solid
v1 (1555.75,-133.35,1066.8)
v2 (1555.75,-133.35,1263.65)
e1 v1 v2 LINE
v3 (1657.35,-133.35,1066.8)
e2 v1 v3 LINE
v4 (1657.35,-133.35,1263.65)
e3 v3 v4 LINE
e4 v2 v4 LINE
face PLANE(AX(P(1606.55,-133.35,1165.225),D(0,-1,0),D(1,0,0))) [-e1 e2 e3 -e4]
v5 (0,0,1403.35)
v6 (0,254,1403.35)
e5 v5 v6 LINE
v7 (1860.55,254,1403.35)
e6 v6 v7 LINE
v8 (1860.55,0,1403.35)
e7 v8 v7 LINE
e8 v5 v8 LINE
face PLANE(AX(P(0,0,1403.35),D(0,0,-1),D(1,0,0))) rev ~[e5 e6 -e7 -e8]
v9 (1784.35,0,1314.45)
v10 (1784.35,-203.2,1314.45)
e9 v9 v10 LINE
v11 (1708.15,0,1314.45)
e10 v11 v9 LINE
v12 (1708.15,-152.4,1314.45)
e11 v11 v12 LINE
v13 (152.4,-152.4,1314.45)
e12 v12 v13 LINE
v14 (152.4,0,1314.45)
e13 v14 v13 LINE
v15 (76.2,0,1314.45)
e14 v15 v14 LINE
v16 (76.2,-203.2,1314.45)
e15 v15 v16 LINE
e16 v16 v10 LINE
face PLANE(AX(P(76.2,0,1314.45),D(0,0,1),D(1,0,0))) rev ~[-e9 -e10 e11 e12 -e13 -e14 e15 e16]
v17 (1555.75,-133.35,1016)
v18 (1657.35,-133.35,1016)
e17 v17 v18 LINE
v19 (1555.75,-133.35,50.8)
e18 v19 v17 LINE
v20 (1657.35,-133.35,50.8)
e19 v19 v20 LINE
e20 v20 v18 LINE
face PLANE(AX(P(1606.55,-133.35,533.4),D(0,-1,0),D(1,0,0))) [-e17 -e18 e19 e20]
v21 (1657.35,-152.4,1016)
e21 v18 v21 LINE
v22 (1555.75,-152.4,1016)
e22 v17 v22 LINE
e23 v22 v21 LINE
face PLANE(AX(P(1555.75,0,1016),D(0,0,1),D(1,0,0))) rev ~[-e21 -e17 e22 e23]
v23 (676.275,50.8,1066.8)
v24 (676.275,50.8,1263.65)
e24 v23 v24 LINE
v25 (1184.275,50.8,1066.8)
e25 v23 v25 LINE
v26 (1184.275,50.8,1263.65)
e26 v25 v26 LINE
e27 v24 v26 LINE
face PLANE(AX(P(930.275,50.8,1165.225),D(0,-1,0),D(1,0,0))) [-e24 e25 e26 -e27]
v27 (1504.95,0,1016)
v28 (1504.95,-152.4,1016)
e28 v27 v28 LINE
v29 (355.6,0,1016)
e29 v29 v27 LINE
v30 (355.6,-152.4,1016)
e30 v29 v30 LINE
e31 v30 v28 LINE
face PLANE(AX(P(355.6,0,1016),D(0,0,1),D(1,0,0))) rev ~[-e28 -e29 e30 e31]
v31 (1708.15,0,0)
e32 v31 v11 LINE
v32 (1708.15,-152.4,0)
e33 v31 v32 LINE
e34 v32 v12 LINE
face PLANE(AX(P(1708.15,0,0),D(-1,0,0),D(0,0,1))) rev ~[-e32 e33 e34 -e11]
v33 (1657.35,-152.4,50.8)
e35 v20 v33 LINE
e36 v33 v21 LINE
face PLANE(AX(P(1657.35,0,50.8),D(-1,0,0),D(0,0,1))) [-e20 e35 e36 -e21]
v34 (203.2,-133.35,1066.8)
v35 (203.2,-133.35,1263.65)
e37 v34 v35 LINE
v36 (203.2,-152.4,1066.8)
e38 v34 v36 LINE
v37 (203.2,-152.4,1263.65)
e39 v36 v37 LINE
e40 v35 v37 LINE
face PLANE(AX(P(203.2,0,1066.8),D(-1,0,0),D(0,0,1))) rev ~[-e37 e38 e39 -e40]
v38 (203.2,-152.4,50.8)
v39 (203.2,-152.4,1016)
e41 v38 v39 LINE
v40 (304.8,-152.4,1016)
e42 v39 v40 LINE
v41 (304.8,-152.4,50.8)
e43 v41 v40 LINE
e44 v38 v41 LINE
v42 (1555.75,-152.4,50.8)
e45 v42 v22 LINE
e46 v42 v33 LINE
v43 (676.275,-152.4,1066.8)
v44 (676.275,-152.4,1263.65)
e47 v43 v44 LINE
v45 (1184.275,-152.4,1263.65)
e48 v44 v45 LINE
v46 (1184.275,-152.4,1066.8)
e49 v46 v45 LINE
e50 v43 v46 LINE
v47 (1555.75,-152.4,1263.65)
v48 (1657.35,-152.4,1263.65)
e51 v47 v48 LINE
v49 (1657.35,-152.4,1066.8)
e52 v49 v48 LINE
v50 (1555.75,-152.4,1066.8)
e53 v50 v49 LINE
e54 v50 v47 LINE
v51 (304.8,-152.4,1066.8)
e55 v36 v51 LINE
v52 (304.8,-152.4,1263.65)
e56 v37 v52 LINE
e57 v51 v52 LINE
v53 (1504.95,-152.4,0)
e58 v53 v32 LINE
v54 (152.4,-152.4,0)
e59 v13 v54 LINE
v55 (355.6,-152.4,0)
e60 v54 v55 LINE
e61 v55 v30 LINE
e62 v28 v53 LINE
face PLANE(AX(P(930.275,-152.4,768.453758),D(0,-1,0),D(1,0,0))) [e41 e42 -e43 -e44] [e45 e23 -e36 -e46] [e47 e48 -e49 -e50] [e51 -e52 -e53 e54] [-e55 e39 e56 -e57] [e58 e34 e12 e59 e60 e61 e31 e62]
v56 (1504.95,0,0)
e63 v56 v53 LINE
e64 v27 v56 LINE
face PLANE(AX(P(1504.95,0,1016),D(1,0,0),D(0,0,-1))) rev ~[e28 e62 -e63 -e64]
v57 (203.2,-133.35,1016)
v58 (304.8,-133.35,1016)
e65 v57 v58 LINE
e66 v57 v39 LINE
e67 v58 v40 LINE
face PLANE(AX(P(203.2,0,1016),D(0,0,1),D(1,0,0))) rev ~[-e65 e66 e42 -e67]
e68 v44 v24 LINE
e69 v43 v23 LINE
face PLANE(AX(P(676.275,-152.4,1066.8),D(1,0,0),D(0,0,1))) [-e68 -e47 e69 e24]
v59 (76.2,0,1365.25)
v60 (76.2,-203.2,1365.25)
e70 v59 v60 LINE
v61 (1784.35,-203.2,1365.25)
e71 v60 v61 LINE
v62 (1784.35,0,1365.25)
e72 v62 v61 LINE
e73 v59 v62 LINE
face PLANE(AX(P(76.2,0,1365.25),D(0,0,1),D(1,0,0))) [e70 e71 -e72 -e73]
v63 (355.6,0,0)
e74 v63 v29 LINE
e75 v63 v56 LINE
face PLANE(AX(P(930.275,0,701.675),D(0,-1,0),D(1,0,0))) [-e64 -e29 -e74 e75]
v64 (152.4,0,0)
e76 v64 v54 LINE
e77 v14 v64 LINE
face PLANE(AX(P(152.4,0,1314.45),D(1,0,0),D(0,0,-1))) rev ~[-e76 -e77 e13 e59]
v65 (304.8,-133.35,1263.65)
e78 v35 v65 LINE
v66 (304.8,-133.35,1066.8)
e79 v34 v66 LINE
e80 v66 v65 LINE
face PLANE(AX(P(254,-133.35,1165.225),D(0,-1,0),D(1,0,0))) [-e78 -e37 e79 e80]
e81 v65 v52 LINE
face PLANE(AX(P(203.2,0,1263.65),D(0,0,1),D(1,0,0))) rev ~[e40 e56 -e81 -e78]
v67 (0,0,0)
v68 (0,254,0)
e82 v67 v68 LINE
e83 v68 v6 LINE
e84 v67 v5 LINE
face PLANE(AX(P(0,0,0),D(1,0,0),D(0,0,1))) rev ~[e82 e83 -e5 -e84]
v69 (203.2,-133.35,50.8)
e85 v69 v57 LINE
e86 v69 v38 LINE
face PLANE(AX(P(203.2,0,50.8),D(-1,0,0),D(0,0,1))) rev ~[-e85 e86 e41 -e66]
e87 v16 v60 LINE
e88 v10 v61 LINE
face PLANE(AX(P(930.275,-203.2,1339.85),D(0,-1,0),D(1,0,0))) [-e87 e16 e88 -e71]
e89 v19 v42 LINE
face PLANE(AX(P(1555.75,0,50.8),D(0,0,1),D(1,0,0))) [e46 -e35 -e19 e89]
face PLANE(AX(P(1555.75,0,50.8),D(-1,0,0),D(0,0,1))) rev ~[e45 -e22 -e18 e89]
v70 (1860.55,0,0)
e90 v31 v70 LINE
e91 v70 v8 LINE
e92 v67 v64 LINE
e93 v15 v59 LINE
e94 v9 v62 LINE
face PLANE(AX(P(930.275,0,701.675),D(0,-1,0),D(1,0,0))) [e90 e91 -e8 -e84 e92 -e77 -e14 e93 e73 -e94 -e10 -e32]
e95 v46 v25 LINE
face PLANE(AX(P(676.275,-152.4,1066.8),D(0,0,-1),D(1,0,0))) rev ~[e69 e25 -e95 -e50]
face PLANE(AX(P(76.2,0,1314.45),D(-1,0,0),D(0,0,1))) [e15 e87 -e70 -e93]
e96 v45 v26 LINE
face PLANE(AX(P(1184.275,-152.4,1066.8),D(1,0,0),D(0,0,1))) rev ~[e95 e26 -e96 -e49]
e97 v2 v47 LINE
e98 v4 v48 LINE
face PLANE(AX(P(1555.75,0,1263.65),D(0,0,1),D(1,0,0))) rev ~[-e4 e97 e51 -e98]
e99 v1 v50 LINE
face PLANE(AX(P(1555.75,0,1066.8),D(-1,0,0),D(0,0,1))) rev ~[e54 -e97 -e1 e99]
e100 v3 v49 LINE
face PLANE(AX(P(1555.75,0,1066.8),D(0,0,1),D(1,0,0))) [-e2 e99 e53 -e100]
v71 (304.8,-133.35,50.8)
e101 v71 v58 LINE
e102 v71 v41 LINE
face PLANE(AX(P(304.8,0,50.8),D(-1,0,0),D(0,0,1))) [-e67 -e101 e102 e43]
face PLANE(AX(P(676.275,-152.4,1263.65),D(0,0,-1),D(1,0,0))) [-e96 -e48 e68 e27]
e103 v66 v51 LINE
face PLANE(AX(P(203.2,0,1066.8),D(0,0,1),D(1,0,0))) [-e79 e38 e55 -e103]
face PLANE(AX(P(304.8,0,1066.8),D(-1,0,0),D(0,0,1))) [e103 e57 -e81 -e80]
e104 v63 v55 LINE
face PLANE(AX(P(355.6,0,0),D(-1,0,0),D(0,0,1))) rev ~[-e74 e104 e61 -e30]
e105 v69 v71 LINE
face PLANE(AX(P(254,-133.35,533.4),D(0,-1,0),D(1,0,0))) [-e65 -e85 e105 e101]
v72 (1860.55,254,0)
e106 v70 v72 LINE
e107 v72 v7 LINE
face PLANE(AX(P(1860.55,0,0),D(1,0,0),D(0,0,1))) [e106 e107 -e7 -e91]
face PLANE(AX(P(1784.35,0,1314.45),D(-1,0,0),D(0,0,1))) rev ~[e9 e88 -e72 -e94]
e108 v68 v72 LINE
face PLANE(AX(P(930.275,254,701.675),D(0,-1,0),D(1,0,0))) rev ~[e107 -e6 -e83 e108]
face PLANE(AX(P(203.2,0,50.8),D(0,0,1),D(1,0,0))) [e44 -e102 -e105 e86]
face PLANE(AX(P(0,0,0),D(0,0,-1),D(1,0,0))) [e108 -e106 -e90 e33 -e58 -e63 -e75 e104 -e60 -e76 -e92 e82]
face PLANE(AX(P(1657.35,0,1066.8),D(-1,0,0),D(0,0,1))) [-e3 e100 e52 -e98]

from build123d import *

# Parameters (mm, degrees)
F0_W      = 1860.55
F0_H      = 1403.35
F2_DEPTH  = 254
F3_W      = 1708.15
F3_H      = 50.8
F4_DEPTH  = 203.2
F5_W      = 101.6
F5_H      = 965.2
F5_H_2    = 196.85
F6_DEPTH  = 152.4
F7_W      = 508
F7_H      = 196.85
F8_DEPTH  = 203.2
F9_W      = 101.6
F9_H      = 965.2
F9_H_2    = 196.85
F10_DEPTH = 133.35


with BuildPart() as f2:
    # F0 (on Front) → F2 (new body)
    with BuildSketch(Plane.XZ):
        with Locations((930.275, 701.675)):
            Rectangle(F0_W, F0_H)
    extrude(amount=-F2_DEPTH)

    # F3 (on face) → F4 (join)
    with BuildSketch(Plane.XZ):
        with Locations((930.275, 1339.85)):
            Rectangle(F3_W, F3_H)
    extrude(amount=F4_DEPTH)

    # F5 (on face) → F6 (join)
    with BuildSketch(Plane.XZ):
        Polygon((152.4, 1314.45), (152.4, 0), (355.6, 0), (355.6, 1016), (1504.95, 1016), (1504.95, 0), (1708.15, 0), (1708.15, 1314.45), align=None)
        with Locations((254, 533.4)):
            Rectangle(F5_W, F5_H, mode=Mode.SUBTRACT)
        with Locations((1606.55, 533.4)):
            Rectangle(F5_W, F5_H, mode=Mode.SUBTRACT)
        with Locations((254, 1165.225)):
            Rectangle(F5_W, F5_H_2, mode=Mode.SUBTRACT)
        with Locations((1606.55, 1165.225)):
            Rectangle(F5_W, F5_H_2, mode=Mode.SUBTRACT)
    extrude(amount=F6_DEPTH)

    # F7 (on face) → F8 (cut)
    with BuildSketch(Plane.XZ.offset(152.4)):
        with Locations((930.275, 1165.225)):
            Rectangle(F7_W, F7_H)
    extrude(amount=-F8_DEPTH, mode=Mode.SUBTRACT)

    # F9 (on face) → F10 (join)
    with BuildSketch(Plane.XZ):
        with Locations((254, 533.4)):
            Rectangle(F9_W, F9_H)
        with Locations((254, 1165.225)):
            Rectangle(F9_W, F9_H_2)
        with Locations((1606.55, 1165.225)):
            Rectangle(F9_W, F9_H_2)
        with Locations((1606.55, 533.4)):
            Rectangle(F9_W, F9_H)
    extrude(amount=F10_DEPTH)


solid = f2.part
